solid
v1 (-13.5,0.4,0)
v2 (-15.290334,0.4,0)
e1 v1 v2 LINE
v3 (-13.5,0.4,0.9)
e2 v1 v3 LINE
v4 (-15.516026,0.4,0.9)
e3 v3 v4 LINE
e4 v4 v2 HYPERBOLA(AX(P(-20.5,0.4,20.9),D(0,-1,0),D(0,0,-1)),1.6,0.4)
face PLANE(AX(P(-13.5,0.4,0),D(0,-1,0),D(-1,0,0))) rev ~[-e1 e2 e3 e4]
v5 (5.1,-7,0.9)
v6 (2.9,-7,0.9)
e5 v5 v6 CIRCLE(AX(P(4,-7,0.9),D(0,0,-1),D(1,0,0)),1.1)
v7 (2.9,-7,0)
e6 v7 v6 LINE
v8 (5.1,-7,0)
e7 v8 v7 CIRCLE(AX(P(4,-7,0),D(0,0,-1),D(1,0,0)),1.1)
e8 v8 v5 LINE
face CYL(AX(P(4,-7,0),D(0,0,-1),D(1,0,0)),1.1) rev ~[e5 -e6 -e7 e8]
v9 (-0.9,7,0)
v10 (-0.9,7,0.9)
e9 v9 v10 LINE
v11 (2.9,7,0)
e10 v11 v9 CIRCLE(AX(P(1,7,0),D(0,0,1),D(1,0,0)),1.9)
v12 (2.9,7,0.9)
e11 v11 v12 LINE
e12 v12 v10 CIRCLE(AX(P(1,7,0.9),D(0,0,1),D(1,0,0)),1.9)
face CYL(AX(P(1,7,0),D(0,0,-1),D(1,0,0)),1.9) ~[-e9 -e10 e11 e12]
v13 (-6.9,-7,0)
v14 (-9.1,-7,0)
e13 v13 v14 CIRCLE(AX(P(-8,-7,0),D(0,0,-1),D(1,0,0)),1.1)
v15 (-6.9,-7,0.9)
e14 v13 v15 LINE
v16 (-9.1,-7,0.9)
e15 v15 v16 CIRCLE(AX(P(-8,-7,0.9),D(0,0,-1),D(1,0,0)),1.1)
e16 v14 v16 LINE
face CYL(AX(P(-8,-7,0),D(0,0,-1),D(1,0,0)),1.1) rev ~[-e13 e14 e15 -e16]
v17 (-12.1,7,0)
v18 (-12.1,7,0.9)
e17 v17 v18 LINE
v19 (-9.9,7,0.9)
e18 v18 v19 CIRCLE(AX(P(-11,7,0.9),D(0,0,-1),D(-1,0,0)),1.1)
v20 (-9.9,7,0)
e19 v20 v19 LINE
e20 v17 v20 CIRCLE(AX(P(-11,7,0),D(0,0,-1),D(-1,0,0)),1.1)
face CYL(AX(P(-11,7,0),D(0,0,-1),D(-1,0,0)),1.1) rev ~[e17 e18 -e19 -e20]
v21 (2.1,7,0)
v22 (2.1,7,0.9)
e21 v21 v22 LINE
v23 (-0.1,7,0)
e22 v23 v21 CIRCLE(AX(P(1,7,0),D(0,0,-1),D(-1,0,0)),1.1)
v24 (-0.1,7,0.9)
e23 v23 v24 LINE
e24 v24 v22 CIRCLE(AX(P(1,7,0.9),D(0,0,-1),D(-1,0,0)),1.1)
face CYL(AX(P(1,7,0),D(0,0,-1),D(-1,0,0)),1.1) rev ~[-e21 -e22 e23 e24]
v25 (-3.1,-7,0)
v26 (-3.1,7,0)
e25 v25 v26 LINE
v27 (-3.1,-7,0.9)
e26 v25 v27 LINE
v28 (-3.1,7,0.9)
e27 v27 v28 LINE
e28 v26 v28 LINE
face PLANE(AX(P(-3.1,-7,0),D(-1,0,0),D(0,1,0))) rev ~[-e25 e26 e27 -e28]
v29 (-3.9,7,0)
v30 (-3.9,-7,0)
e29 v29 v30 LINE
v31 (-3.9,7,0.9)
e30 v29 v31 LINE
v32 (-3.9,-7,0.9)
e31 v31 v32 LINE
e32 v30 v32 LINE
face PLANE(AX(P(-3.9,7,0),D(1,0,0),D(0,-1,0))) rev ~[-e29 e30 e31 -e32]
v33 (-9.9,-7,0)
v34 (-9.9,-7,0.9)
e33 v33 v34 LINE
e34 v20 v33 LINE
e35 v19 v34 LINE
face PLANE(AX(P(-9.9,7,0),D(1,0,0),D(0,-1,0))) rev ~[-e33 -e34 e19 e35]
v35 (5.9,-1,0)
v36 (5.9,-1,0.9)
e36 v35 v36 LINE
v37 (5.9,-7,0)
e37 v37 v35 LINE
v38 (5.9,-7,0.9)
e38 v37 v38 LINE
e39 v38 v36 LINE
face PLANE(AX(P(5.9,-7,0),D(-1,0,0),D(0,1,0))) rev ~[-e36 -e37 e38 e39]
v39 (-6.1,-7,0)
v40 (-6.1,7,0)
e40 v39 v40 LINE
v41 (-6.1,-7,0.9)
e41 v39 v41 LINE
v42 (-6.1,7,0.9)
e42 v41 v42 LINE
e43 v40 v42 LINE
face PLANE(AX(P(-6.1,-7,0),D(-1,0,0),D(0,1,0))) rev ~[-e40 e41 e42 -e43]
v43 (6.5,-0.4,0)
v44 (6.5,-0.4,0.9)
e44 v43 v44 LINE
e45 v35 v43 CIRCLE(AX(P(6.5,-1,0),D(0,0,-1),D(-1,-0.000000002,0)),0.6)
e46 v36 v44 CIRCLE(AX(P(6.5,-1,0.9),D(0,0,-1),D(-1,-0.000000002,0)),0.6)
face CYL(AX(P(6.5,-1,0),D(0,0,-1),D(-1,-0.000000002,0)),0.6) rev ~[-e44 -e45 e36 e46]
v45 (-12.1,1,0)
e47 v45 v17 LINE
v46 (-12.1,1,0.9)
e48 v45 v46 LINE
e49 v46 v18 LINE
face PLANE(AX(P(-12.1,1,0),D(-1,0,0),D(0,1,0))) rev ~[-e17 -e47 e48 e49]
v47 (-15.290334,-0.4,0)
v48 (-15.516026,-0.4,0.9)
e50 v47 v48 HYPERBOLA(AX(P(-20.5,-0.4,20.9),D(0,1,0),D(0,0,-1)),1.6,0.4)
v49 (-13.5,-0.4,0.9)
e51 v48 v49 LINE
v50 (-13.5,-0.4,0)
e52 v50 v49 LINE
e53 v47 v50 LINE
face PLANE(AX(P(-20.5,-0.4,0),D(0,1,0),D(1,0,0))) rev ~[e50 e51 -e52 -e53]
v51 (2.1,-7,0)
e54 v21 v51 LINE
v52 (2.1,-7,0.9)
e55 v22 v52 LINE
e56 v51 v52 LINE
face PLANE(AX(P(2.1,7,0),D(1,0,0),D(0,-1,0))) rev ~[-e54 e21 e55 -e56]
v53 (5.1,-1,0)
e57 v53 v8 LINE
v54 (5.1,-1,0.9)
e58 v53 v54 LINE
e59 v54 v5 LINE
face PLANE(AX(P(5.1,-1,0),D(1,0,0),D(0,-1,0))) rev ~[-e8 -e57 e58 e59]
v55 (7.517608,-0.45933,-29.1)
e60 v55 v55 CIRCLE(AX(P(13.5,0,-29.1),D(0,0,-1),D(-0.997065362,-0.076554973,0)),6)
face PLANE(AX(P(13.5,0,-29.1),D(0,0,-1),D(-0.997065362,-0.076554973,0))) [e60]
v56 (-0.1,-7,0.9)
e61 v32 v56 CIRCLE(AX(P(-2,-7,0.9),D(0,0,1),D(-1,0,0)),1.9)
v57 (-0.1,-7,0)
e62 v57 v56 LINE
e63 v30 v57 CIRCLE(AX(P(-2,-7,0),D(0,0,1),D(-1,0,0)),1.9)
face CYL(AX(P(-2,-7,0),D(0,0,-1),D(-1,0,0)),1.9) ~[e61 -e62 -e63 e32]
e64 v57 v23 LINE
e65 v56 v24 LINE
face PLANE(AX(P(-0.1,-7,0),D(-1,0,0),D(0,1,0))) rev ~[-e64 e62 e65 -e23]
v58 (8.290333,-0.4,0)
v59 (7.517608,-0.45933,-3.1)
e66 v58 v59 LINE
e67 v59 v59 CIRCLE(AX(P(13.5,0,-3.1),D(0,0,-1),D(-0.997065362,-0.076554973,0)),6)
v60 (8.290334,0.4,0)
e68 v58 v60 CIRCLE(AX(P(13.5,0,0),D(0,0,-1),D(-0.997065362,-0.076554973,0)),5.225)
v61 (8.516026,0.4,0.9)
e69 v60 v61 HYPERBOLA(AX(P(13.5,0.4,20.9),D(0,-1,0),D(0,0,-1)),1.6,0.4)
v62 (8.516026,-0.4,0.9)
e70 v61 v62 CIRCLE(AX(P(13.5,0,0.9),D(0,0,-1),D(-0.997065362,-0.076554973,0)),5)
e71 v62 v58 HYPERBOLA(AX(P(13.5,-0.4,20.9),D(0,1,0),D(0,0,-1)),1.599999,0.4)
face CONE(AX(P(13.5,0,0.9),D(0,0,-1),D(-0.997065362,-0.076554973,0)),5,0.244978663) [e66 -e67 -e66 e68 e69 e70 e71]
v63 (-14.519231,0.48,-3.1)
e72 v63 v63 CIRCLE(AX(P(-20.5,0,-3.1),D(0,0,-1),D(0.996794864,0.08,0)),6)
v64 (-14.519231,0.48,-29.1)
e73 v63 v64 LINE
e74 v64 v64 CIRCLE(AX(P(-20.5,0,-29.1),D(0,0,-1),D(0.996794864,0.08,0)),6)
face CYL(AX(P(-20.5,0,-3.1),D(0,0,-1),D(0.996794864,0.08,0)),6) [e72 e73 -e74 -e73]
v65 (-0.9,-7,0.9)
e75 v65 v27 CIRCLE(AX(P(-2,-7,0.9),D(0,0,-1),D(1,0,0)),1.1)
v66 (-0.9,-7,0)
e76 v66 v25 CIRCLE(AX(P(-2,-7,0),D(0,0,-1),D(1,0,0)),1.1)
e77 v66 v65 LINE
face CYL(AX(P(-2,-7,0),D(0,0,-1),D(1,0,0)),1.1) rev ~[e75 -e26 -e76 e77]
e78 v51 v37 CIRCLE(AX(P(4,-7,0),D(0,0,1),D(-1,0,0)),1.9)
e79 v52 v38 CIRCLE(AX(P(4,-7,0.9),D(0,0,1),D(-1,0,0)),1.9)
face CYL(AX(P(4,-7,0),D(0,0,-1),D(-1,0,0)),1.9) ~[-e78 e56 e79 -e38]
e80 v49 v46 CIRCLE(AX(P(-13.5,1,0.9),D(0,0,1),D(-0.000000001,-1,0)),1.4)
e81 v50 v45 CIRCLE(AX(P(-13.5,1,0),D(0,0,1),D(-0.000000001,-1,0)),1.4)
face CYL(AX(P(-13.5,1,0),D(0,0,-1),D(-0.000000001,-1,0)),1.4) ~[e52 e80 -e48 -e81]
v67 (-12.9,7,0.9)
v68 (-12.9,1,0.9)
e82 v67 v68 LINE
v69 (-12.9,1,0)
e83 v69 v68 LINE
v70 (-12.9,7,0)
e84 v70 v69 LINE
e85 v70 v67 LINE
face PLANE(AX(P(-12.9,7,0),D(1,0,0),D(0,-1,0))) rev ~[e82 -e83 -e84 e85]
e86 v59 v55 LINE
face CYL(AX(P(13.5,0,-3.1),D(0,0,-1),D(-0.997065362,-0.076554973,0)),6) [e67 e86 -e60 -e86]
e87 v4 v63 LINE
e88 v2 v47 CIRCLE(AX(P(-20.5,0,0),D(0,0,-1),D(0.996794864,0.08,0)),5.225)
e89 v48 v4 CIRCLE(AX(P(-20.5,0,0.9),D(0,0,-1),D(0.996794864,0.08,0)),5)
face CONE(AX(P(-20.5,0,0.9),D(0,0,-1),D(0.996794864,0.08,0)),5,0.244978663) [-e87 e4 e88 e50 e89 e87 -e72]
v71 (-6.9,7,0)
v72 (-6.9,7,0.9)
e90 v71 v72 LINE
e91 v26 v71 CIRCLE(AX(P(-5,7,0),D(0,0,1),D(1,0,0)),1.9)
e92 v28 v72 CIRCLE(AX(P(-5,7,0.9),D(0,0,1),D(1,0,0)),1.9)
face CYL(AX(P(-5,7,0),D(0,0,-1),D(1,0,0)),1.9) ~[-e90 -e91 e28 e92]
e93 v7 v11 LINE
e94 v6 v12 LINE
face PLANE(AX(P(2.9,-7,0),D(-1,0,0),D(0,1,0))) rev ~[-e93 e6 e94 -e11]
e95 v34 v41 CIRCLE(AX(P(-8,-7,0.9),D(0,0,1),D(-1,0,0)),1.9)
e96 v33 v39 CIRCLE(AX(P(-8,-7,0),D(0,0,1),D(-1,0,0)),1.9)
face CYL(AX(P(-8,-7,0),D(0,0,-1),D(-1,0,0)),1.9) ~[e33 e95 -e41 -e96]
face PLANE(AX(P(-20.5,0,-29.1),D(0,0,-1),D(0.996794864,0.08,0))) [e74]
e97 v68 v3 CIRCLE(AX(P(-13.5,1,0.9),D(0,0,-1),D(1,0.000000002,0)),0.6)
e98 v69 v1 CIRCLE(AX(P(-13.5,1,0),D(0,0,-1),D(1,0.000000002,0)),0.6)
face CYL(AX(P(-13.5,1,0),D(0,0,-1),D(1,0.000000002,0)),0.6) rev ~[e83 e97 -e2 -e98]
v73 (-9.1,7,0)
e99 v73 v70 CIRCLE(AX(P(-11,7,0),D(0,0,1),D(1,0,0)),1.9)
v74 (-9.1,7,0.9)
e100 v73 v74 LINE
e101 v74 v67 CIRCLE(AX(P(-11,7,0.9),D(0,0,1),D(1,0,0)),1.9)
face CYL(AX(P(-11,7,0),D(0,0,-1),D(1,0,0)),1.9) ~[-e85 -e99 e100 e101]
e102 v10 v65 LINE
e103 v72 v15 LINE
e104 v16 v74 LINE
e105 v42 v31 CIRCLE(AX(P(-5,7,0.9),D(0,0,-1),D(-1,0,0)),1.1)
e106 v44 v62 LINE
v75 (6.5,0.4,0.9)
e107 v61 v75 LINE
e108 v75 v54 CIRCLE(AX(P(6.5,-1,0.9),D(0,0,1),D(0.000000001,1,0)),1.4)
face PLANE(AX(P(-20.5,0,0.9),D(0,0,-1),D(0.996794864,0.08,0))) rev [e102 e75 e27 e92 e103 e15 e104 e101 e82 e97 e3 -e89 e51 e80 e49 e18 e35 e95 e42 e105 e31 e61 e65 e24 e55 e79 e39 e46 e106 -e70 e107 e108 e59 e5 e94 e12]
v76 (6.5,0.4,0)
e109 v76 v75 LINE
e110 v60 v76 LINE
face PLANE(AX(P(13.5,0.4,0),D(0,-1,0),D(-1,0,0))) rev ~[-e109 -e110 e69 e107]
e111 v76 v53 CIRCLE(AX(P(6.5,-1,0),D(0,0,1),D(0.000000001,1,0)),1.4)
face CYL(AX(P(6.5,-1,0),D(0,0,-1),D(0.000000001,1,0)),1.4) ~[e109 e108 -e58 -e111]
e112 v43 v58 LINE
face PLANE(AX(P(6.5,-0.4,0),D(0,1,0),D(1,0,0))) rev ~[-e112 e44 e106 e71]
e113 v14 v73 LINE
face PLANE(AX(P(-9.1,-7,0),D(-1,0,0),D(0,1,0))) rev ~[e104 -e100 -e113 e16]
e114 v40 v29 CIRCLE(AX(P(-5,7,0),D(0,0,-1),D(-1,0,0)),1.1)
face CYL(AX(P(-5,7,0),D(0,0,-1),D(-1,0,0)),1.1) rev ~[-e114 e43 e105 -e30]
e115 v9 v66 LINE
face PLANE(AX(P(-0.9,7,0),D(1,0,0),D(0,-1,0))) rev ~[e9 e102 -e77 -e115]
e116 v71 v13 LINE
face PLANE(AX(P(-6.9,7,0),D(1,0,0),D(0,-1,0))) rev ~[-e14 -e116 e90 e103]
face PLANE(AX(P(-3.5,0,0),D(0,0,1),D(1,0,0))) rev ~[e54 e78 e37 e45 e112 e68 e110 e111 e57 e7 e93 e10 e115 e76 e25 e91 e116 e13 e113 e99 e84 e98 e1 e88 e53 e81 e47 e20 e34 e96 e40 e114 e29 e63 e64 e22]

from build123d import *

# Parameters (mm, degrees)
BOSS_EXTRUDE1_DEPTH = 0.9


with BuildPart() as part:
    # Sketch2 → Boss-Extrude1 (new body)
    with BuildSketch(Plane.XY):
        with BuildLine():
            Line((-20.5, -0.4), (-13.5, -0.4))
            ThreePointArc((-13.5, -0.4), (-12.510050506, 0.010050506), (-12.1, 1))
            Line((-12.1, 1), (-12.1, 7))
            ThreePointArc((-12.1, 7), (-11, 8.1), (-9.9, 7))
            Line((-9.9, 7), (-9.9, 0))
            Line((-9.9, 0), (-9.9, -7))
            ThreePointArc((-9.9, -7), (-8, -8.9), (-6.1, -7))
            Line((-6.1, -7), (-6.1, 0))
            Line((-6.1, 0), (-6.1, 7))
            ThreePointArc((-6.1, 7), (-5, 8.1), (-3.9, 7))
            Line((-3.9, 7), (-3.9, 0))
            Line((-3.9, 0), (-3.9, -7))
            ThreePointArc((-3.9, -7), (-2, -8.9), (-0.1, -7))
            Line((-0.1, -7), (-0.1, 0))
            Line((-0.1, 0), (-0.1, 7))
            ThreePointArc((-0.1, 7), (1, 8.1), (2.1, 7))
            Line((2.1, 7), (2.1, 0))
            Line((2.1, 0), (2.1, -7))
            ThreePointArc((2.1, -7), (4, -8.9), (5.9, -7))
            Line((5.9, -7), (5.9, -1))
            ThreePointArc((5.9, -1), (6.075735931, -0.575735931), (6.5, -0.4))
            Line((6.5, -0.4), (13.5, -0.4))
            ThreePointArc((13.5, -0.4), (13.9, 0), (13.5, 0.4))
            Line((13.5, 0.4), (6.5, 0.4))
            ThreePointArc((6.5, 0.4), (5.510050506, -0.010050506), (5.1, -1))
            Line((5.1, -1), (5.1, -7))
            ThreePointArc((5.1, -7), (4, -8.1), (2.9, -7))
            Line((2.9, -7), (2.9, 0))
            Line((2.9, 0), (2.9, 7))
            ThreePointArc((2.9, 7), (1, 8.9), (-0.9, 7))
            Line((-0.9, 7), (-0.9, 0))
            Line((-0.9, 0), (-0.9, -7))
            ThreePointArc((-0.9, -7), (-2, -8.1), (-3.1, -7))
            Line((-3.1, -7), (-3.1, 0))
            Line((-3.1, 0), (-3.1, 7))
            ThreePointArc((-3.1, 7), (-5, 8.9), (-6.9, 7))
            Line((-6.9, 7), (-6.9, 0))
            Line((-6.9, 0), (-6.9, -7))
            ThreePointArc((-6.9, -7), (-8, -8.1), (-9.1, -7))
            Line((-9.1, -7), (-9.1, 0))
            Line((-9.1, 0), (-9.1, 7))
            ThreePointArc((-9.1, 7), (-11, 8.9), (-12.9, 7))
            Line((-12.9, 7), (-12.9, 1))
            ThreePointArc((-12.9, 1), (-13.075735931, 0.575735931), (-13.5, 0.4))
            Line((-13.5, 0.4), (-20.5, 0.4))
            ThreePointArc((-20.5, 0.4), (-20.9, 0), (-20.5, -0.4))
        make_face()
    extrude(amount=BOSS_EXTRUDE1_DEPTH)

    # Sketch3 → Revolve1 (revolve)
    with BuildSketch(Plane(origin=(0, 0, 0), x_dir=(1, 0, 0), z_dir=(0, 1, 0)), mode=Mode.PRIVATE) as revolve1_sk:
        Polygon((-20.5, -0.9), (-25.5, -0.9), (-26.5, 3.1), (-26.5, 29.1), (-20.5, 29.1), align=None)
    revolve(revolve1_sk.sketch.rotate(Axis((-20.5, 0, 0.9), (0, 0, -1)), 175.411434264), axis=Axis((-20.5, 0, 0.9), (0, 0, -1)))

    # Sketch4 → Revolve2 (revolve)
    with BuildSketch(Plane(origin=(0, 0, 0), x_dir=(1, 0, 0), z_dir=(0, 1, 0)), mode=Mode.PRIVATE) as revolve2_sk:
        Polygon((13.5, -0.9), (18.5, -0.9), (19.5, 3.1), (19.5, 29.1), (13.5, 29.1), align=None)
    revolve(revolve2_sk.sketch.rotate(Axis((13.5, 0, 0.9), (0, 0, -1)), 175.609427397), axis=Axis((13.5, 0, 0.9), (0, 0, -1)))


solid = part.part
